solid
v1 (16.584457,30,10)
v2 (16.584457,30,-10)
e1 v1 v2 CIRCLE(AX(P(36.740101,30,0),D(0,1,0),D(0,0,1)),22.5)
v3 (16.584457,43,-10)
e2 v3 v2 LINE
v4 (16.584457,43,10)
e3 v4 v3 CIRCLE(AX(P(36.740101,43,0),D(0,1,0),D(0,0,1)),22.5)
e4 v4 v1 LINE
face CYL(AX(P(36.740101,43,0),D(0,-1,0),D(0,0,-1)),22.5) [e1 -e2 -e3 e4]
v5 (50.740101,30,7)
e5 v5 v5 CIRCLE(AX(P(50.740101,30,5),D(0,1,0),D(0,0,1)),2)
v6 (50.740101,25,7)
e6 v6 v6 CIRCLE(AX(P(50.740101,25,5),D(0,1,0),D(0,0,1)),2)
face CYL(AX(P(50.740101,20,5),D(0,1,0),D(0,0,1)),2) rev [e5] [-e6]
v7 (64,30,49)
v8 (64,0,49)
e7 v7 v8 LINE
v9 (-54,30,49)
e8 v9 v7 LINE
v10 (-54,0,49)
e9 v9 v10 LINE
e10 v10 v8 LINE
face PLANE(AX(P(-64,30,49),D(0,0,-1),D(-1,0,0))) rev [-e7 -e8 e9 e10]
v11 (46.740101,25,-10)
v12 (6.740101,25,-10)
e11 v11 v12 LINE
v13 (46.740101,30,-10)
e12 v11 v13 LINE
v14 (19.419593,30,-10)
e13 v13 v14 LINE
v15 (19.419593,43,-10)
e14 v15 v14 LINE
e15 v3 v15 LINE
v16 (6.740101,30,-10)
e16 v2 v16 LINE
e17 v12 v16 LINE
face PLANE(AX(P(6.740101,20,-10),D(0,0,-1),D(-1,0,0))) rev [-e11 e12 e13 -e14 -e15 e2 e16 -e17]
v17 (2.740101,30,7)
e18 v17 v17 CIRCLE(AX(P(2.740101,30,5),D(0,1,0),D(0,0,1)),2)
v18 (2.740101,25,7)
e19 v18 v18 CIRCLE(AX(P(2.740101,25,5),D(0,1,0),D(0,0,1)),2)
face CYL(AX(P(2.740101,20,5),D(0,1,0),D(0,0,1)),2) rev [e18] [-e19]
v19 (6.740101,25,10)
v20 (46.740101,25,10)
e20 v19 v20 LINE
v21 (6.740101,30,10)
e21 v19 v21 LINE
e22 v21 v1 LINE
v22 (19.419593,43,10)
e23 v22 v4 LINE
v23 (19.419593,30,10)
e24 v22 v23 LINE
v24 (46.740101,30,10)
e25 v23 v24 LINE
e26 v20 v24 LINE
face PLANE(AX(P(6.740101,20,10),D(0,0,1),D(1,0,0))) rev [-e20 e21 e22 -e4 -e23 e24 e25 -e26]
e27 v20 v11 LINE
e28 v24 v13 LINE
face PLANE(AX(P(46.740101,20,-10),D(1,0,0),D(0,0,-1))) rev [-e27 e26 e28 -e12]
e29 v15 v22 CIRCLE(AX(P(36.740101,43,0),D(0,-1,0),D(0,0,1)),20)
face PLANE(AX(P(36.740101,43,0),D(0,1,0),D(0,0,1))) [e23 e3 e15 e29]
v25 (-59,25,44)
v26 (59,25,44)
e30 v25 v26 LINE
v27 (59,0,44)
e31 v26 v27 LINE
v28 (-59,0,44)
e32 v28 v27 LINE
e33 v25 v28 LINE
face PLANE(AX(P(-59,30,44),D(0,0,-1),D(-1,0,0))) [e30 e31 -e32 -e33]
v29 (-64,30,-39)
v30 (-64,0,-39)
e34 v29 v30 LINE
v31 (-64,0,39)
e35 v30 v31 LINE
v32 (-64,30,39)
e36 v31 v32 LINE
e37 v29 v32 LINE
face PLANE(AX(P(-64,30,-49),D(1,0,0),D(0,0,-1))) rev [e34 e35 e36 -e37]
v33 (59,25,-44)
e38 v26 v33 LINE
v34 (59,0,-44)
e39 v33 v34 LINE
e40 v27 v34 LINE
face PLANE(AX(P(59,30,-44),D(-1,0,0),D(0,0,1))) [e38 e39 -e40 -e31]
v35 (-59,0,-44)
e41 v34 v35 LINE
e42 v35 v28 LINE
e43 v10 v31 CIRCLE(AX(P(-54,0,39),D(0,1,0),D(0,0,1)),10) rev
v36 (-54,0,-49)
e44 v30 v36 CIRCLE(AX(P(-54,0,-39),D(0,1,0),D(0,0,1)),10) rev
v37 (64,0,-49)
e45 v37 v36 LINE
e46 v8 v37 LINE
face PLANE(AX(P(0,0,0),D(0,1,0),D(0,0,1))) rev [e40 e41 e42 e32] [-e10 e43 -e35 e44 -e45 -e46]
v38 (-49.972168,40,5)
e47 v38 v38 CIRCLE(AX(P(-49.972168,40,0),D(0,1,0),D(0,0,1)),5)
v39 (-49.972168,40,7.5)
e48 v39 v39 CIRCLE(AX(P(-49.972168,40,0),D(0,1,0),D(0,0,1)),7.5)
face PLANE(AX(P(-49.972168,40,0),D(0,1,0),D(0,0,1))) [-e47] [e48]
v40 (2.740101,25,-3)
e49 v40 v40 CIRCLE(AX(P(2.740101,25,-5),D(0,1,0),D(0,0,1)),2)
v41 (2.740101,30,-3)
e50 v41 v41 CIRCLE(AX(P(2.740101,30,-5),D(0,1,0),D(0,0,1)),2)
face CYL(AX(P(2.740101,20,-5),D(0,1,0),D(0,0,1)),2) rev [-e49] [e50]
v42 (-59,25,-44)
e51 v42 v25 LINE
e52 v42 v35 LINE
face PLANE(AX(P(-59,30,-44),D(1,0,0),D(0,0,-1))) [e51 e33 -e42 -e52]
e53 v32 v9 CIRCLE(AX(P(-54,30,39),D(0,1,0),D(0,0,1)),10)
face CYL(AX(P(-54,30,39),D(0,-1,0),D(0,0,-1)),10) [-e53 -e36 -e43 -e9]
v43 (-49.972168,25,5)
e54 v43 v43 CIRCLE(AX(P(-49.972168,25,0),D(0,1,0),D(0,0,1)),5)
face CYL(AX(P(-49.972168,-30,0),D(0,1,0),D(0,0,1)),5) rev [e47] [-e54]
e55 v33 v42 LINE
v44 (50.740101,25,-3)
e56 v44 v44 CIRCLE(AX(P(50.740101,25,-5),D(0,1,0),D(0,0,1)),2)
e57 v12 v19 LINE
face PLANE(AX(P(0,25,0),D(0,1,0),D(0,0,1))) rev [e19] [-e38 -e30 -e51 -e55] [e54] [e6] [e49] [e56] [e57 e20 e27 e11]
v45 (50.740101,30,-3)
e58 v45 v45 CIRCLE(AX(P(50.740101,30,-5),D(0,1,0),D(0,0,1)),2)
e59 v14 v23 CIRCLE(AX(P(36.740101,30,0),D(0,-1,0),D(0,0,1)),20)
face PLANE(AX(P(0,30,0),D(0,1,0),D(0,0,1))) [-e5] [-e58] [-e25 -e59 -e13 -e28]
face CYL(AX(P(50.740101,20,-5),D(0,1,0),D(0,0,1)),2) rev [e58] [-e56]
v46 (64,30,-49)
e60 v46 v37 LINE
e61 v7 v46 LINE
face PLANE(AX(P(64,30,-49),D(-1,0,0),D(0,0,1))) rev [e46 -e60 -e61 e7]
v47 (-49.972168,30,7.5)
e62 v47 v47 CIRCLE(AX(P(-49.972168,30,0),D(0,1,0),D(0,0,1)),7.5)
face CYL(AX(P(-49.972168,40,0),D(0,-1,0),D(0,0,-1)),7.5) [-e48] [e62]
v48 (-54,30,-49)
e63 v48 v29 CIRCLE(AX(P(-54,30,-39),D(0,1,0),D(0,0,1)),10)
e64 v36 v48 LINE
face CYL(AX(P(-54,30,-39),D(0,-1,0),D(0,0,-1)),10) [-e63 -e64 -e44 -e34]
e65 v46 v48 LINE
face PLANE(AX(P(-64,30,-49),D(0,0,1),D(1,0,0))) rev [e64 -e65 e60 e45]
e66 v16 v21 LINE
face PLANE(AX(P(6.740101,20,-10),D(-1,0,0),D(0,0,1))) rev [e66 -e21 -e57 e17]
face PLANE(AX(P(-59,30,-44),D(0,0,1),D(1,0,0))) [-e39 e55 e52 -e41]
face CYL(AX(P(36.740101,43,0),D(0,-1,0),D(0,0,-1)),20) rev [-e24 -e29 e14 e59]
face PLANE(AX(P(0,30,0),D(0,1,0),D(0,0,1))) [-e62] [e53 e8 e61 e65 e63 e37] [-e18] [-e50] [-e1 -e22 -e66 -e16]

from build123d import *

# Parameters (mm, degrees)
CROQUIS1_W              = 128
CROQUIS1_H              = 98
CROQUIS1_W_2            = 118
CROQUIS1_H_2            = 88
SALIENTE_EXTRUIR5_DEPTH = 30
CROQUIS6_W              = 128
CROQUIS6_H              = 98
SALIENTE_EXTRUIR6_DEPTH = 5
CROQUIS7_W              = 40
CROQUIS7_H              = 20
CORTAR_EXTRUIR2_DEPTH   = 10
REDONDEO1_R             = 10
CROQUIS8_R              = 2
CORTAR_EXTRUIR3_DEPTH   = 10
SALIENTE_EXTRUIR7_DEPTH = 13
CROQUIS11_R             = 5
CORTAR_EXTRUIR4_DEPTH   = 60
CROQUIS12_R             = 7.5
CROQUIS12_R_2           = 5
SALIENTE_EXTRUIR9_DEPTH = 10


with BuildPart() as part:
    # Croquis1 → Saliente-Extruir5 (new body)
    with BuildSketch(Plane(origin=(0, 0, 0), x_dir=(1, 0, 0), z_dir=(0, 1, 0))):
        Rectangle(CROQUIS1_W, CROQUIS1_H)
        Rectangle(CROQUIS1_W_2, CROQUIS1_H_2, mode=Mode.SUBTRACT)
    extrude(amount=SALIENTE_EXTRUIR5_DEPTH)

    # Croquis6 → Saliente-Extruir6 (add)
    with BuildSketch(Plane(origin=(0, 30, 0), x_dir=(1, 0, 0), z_dir=(0, 1, 0))):
        Rectangle(CROQUIS6_W, CROQUIS6_H)
    extrude(amount=-SALIENTE_EXTRUIR6_DEPTH)

    # Croquis7 → Cortar-Extruir2 (cut)
    with BuildSketch(Plane(origin=(0, 30, 0), x_dir=(1, 0, 0), z_dir=(0, 1, 0))):
        with Locations((26.740101048, 0)):
            Rectangle(CROQUIS7_W, CROQUIS7_H)
    extrude(amount=-CORTAR_EXTRUIR2_DEPTH, mode=Mode.SUBTRACT)

    # Redondeo1
    redondeo1_edges = [part.edges().sort_by_distance(p)[0] for p in [
        (-64, 15, 49),
        (-64, 15, -49),
    ]]
    fillet(redondeo1_edges, radius=REDONDEO1_R)

    # Croquis8 → Cortar-Extruir3 (cut)
    with BuildSketch(Plane(origin=(0, 30, 0), x_dir=(1, 0, 0), z_dir=(0, 1, 0))):
        with Locations((50.740101048, -5)):
            Circle(CROQUIS8_R)
        with Locations((50.740101048, 5)):
            Circle(CROQUIS8_R)
        with Locations((2.740101048, 5)):
            Circle(CROQUIS8_R)
        with Locations((2.740101048, -5)):
            Circle(CROQUIS8_R)
    extrude(amount=-CORTAR_EXTRUIR3_DEPTH, mode=Mode.SUBTRACT)

    # Croquis9 → Saliente-Extruir7 (add)
    with BuildSketch(Plane(origin=(0, 30, 0), x_dir=(1, 0, 0), z_dir=(0, 1, 0))):
        with BuildLine():
            Line((16.584456677, 10), (19.419592972, 10))
            ThreePointArc((19.419592972, 10), (56.740101048, 0), (19.419592972, -10))
            Line((19.419592972, -10), (16.584456677, -10))
            ThreePointArc((16.584456677, -10), (59.240101048, 0), (16.584456677, 10))
        make_face()
    extrude(amount=SALIENTE_EXTRUIR7_DEPTH)

    # Croquis11 → Cortar-Extruir4 (cut)
    with BuildSketch(Plane(origin=(0, 30, 0), x_dir=(1, 0, 0), z_dir=(0, 1, 0))):
        with Locations((-49.972168211, 0)):
            Circle(CROQUIS11_R)
    extrude(amount=-CORTAR_EXTRUIR4_DEPTH, mode=Mode.SUBTRACT)

    # Croquis12 → Saliente-Extruir9 (add)
    with BuildSketch(Plane(origin=(0, 30, 0), x_dir=(1, 0, 0), z_dir=(0, 1, 0))):
        with Locations((-49.972168211, 0)):
            Circle(CROQUIS12_R)
        with Locations((-49.972168211, 0)):
            Circle(CROQUIS12_R_2, mode=Mode.SUBTRACT)
    extrude(amount=SALIENTE_EXTRUIR9_DEPTH)


solid = part.part
